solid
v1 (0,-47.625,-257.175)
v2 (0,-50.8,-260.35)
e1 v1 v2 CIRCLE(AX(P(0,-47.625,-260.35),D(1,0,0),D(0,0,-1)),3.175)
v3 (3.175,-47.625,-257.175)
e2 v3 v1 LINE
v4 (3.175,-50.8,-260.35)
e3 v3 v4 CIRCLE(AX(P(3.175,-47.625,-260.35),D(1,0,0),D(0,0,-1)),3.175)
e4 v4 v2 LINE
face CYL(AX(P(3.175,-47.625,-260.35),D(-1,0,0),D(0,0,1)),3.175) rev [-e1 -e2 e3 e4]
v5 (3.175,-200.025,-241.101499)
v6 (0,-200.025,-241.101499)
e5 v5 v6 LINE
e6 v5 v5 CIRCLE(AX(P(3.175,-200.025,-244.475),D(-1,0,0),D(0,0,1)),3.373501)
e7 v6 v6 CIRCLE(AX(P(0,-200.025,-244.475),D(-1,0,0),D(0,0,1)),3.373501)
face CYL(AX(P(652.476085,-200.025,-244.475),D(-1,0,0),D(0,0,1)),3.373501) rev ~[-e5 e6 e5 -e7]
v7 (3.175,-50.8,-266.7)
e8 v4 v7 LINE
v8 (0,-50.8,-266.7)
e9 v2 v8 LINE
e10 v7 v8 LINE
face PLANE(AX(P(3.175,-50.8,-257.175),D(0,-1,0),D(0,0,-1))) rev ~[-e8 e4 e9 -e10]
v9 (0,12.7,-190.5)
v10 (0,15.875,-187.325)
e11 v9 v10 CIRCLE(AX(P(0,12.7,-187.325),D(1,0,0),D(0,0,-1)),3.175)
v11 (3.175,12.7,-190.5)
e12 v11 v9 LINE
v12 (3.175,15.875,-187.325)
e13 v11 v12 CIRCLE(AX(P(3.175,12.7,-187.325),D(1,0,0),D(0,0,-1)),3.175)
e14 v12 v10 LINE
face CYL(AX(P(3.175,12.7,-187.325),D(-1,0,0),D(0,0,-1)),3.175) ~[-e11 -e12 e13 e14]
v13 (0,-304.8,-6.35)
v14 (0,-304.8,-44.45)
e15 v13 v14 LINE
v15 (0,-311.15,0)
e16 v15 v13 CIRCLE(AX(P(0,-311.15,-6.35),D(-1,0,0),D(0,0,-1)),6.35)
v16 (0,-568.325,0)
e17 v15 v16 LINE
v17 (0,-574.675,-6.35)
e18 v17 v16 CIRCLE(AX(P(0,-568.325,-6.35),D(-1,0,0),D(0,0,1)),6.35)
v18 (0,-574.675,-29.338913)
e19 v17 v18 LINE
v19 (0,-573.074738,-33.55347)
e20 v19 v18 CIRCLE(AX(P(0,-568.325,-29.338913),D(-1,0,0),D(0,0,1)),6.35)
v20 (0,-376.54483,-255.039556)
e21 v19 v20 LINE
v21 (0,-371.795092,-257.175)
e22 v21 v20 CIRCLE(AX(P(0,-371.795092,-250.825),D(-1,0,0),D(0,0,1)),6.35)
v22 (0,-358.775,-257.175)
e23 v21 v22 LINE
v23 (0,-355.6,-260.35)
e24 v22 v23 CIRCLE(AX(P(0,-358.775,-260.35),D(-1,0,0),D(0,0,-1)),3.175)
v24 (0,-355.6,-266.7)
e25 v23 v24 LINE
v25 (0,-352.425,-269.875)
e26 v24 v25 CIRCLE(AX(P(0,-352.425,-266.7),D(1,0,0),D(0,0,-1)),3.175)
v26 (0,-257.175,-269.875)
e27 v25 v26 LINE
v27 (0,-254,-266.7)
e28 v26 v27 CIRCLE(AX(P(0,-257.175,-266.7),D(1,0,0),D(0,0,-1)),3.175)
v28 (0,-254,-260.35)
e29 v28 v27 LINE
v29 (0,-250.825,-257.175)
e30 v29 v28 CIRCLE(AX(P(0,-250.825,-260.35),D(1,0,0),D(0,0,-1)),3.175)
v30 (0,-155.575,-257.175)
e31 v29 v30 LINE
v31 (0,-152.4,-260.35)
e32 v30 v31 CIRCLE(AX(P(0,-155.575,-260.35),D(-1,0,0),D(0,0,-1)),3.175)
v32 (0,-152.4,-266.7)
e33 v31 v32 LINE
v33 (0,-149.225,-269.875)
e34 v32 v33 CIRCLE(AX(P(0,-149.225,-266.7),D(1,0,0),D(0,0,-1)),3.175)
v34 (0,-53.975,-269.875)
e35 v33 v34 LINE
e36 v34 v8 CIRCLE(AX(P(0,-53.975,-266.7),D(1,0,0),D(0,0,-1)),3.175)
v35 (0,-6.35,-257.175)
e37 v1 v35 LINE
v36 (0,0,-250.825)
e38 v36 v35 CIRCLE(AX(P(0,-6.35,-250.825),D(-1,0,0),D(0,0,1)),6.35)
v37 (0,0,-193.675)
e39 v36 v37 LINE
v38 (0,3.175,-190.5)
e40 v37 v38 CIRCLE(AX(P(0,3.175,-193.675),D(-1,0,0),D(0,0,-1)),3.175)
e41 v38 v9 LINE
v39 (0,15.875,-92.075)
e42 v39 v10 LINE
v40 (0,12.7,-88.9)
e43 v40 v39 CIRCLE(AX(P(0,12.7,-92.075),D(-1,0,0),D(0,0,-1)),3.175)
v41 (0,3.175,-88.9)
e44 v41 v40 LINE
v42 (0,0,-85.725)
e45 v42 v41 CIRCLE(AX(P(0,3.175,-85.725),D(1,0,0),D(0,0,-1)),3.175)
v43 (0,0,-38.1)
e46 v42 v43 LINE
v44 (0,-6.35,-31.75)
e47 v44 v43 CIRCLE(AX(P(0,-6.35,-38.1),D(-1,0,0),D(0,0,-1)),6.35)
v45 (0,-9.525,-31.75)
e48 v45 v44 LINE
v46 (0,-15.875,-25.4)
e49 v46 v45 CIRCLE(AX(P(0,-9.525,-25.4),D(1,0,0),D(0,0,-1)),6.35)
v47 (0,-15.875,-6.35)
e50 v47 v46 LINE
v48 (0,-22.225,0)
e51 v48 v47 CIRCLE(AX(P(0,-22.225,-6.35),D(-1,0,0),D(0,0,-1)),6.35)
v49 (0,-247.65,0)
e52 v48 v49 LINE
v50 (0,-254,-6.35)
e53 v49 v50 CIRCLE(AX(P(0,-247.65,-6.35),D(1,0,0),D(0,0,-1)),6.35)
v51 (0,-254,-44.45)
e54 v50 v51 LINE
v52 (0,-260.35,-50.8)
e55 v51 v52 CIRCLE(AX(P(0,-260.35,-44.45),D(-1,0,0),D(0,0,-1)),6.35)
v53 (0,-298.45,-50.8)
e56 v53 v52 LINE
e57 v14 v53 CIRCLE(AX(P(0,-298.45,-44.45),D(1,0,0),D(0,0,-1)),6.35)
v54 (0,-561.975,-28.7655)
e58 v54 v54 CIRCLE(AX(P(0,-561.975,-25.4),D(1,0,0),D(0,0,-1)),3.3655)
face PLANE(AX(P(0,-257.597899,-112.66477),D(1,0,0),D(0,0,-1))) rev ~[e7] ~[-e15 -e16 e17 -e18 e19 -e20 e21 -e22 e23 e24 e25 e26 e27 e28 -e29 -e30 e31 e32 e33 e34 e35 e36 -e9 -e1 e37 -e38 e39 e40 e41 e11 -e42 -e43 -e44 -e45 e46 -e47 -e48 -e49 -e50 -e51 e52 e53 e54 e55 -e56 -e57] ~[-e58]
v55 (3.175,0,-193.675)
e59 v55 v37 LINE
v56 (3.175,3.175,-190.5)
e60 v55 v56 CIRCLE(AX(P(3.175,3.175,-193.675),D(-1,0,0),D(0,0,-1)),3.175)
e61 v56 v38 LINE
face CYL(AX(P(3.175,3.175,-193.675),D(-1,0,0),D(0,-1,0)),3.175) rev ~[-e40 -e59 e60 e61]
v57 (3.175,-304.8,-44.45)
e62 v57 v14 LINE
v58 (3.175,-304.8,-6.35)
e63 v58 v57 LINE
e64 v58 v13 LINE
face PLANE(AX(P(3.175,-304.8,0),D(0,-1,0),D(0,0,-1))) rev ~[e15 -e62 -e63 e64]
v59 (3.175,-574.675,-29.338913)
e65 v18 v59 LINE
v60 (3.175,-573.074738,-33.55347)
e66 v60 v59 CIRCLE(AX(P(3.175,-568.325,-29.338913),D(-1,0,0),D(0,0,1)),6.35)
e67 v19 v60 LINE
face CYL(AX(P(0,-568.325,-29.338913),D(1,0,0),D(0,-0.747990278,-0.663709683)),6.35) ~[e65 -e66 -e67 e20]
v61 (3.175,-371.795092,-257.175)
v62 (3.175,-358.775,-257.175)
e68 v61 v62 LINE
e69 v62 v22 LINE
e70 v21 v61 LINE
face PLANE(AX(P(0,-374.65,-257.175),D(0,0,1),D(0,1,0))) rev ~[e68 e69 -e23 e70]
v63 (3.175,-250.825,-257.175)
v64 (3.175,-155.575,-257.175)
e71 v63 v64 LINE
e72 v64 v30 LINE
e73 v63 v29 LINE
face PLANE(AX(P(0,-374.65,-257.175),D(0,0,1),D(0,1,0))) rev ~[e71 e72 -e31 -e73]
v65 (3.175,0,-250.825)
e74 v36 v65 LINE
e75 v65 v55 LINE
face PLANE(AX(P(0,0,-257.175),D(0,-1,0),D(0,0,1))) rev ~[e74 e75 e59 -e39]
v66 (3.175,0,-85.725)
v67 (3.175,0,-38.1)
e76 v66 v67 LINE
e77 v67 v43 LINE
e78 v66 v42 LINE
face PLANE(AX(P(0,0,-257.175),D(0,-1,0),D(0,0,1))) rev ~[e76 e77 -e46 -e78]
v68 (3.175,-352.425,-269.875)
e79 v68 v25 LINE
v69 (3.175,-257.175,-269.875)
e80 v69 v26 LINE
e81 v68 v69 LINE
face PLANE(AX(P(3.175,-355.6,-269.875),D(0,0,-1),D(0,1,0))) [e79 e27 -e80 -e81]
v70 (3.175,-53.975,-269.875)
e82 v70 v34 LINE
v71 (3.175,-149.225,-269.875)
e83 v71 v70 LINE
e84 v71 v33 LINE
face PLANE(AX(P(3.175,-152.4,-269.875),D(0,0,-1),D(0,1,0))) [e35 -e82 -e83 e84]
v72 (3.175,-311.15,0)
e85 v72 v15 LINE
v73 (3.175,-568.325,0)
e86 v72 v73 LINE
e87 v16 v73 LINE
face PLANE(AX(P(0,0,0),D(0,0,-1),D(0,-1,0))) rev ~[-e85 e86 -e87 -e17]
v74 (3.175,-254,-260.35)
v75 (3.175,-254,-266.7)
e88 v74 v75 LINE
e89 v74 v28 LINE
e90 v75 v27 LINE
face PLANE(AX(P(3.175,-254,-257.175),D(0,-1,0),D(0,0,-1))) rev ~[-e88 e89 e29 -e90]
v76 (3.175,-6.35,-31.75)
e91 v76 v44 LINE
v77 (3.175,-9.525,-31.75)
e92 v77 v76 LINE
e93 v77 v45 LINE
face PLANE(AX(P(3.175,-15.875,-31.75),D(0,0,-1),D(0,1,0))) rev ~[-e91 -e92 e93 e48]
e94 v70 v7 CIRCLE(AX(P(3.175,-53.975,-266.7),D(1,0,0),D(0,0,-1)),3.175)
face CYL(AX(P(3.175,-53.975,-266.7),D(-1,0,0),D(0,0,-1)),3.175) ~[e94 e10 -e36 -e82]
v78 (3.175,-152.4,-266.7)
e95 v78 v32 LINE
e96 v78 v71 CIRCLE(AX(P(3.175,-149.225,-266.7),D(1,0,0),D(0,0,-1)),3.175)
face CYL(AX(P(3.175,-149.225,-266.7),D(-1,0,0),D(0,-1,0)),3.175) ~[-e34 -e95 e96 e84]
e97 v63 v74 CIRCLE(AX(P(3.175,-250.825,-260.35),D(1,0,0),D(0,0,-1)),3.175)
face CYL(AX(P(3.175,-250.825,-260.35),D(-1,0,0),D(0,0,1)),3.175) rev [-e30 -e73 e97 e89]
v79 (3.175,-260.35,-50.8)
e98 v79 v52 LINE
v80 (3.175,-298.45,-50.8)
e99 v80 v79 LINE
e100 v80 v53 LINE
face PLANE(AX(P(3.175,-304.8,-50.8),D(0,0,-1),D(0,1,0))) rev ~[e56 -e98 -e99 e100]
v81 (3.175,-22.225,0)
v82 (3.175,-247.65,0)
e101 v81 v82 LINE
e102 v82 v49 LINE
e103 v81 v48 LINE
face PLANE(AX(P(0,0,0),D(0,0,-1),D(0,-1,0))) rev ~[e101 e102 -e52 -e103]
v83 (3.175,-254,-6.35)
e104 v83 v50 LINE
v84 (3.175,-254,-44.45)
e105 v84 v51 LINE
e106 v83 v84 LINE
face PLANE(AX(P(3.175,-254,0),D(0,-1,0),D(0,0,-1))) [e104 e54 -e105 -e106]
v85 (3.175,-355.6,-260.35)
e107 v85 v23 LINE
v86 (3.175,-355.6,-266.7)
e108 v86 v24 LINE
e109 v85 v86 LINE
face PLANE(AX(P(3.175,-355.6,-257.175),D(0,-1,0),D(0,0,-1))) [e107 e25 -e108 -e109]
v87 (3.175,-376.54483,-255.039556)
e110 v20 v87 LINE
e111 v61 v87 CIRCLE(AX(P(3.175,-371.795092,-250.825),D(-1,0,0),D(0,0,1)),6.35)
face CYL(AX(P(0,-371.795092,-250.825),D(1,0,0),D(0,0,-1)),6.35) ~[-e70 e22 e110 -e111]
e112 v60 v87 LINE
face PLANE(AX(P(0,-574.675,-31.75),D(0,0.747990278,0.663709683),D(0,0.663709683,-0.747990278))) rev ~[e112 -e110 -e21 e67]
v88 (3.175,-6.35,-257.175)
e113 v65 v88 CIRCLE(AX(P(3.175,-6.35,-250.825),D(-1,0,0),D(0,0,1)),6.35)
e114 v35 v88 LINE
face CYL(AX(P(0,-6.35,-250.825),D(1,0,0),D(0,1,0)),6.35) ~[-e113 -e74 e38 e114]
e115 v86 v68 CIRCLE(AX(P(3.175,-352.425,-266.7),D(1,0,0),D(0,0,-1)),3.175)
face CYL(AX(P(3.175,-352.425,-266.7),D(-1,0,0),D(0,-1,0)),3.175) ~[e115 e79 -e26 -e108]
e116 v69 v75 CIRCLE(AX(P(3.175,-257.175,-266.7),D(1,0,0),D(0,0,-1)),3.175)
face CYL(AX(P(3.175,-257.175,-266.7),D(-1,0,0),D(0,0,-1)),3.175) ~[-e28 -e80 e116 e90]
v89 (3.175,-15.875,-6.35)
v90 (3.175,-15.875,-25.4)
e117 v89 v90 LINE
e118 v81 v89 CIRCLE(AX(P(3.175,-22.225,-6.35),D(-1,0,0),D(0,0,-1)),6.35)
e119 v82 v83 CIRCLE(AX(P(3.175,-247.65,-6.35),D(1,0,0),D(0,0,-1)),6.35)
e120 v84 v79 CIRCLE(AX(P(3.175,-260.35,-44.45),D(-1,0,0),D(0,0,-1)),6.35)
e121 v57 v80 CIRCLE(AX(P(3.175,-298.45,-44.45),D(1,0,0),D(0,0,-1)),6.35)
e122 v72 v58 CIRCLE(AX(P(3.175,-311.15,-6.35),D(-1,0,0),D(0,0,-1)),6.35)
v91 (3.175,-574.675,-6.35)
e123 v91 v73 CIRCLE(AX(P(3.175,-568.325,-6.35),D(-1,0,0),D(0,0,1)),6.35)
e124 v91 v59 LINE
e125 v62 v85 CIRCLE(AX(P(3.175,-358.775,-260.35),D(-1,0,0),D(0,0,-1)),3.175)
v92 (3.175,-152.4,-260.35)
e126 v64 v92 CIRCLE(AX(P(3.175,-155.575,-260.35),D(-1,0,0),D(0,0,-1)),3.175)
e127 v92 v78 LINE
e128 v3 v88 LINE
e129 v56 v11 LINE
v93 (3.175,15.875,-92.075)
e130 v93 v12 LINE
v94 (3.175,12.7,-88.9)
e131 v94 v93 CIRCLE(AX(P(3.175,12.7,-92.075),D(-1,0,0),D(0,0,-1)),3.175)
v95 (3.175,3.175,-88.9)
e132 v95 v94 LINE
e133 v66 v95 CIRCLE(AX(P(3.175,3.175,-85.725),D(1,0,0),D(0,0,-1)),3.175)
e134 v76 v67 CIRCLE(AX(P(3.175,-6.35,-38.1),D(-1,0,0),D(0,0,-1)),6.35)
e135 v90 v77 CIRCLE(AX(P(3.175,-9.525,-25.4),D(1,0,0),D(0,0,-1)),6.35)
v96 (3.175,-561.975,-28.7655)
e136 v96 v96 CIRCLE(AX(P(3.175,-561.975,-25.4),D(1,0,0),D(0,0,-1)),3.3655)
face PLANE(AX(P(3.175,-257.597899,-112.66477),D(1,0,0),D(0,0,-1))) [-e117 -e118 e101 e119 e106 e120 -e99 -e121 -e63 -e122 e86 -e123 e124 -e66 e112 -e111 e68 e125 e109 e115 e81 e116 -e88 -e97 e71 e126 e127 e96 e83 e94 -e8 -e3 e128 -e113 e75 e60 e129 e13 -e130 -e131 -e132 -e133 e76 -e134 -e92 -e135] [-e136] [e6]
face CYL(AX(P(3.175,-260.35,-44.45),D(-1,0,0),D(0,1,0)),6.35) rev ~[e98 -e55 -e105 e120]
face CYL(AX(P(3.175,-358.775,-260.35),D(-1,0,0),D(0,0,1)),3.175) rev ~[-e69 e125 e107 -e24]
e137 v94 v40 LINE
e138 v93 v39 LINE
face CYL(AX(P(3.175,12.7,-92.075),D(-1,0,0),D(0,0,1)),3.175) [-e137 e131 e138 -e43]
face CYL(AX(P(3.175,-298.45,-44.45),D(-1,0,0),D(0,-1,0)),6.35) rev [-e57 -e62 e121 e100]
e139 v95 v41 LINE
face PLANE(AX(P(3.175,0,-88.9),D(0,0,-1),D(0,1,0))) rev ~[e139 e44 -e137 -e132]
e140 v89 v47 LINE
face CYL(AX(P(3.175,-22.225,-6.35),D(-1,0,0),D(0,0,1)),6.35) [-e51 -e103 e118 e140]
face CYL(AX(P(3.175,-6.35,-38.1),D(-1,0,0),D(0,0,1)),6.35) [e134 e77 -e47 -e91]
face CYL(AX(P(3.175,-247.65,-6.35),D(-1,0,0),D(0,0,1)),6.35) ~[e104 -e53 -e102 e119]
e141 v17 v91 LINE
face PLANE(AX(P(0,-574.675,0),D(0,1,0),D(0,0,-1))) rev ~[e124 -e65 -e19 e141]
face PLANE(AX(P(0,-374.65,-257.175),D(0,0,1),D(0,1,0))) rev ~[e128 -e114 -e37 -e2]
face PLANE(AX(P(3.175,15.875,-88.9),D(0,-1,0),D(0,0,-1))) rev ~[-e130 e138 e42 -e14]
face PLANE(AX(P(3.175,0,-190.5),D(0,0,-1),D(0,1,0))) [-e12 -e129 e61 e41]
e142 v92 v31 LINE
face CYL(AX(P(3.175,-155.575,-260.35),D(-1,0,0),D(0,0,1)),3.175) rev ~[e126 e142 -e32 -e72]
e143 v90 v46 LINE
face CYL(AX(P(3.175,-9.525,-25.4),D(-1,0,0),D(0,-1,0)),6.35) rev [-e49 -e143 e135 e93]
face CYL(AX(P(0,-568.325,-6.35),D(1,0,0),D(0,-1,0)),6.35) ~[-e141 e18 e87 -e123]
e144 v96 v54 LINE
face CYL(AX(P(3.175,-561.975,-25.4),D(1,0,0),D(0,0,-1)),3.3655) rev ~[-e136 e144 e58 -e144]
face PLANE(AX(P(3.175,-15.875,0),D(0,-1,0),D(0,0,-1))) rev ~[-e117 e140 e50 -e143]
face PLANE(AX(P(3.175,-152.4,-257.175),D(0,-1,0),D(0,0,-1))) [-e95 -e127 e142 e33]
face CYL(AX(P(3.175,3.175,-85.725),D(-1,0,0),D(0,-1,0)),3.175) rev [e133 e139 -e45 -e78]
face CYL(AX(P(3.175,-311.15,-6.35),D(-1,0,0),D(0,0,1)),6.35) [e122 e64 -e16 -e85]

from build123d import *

# Parameters (mm, degrees)
BOSS_EXTRUDE1_DEPTH              = 3.175
SKETCH2_R                        = 3.3655
CUT_EXTRUDE1_DEPTH               = 4.175
SKETCH8_W                        = 50.8
SKETCH8_H                        = 50.8
CUT_EXTRUDE9_DEPTH               = 4.175
FILLET2_R                        = 6.35
SKETCH9_W                        = 101.6
SKETCH9_H                        = 15.875
SKETCH9_W_2                      = 12.7
SKETCH9_H_2                      = 101.6
BOSS_EXTRUDE2_DEPTH              = 3.175
FILLET3_R                        = 3.175
SKETCH10_W                       = 31.75
SKETCH10_H                       = 15.875
CUT_EXTRUDE12_DEPTH              = 4.175
FILLET4_R                        = 6.35
F_17_64_0_26563_DIAMETER_HOLE1_D = 6.747002


with BuildPart() as part:
    # Sketch1 → Boss-Extrude1 (new body)
    with BuildSketch(Plane(origin=(0, 0, 0), x_dir=(0, 0, -1), z_dir=(1, 0, 0))):
        Polygon((0, 0), (0, -574.675), (31.75, -574.675), (257.175, -374.65), (257.175, 0), align=None)
    extrude(amount=BOSS_EXTRUDE1_DEPTH)

    # Sketch2 → Cut-Extrude1 (cut, through all)
    with BuildSketch(Plane(origin=(3.175, 0, 0), x_dir=(0, 0, -1), z_dir=(1, 0, 0))):
        with Locations((25.4, -561.975)):
            Circle(SKETCH2_R)
    extrude(amount=-CUT_EXTRUDE1_DEPTH, mode=Mode.SUBTRACT)

    # Sketch8 → Cut-Extrude9 (cut, through all)
    with BuildSketch(Plane(origin=(3.175, 0, 0), x_dir=(0, 0, -1), z_dir=(1, 0, 0))):
        with Locations((25.4, -279.4)):
            Rectangle(SKETCH8_W, SKETCH8_H)
    extrude(amount=-CUT_EXTRUDE9_DEPTH, mode=Mode.SUBTRACT)

    # Fillet2
    fillet2_edges = [part.edges().sort_by_distance(p)[0] for p in [
        (1.5875, -304.8, 0),
        (1.5875, -254, 0),
        (1.5875, -254, -50.8),
        (1.5875, -304.8, -50.8),
    ]]
    fillet(fillet2_edges, radius=FILLET2_R)

    # Sketch9 → Boss-Extrude2 (add)
    with BuildSketch(Plane(origin=(3.175, 0, 0), x_dir=(0, 0, -1), z_dir=(1, 0, 0))):
        with Locations((139.7, 7.9375)):
            Rectangle(SKETCH9_W, SKETCH9_H)
        with Locations((263.525, -101.6)):
            Rectangle(SKETCH9_W_2, SKETCH9_H_2)
        with Locations((263.525, -304.8)):
            Rectangle(SKETCH9_W_2, SKETCH9_H_2)
    extrude(amount=-BOSS_EXTRUDE2_DEPTH)

    # Fillet3
    fillet3_edges = [part.edges().sort_by_distance(p)[0] for p in [
        (1.5875, 0, -88.9),
        (1.5875, 15.875, -88.9),
        (1.5875, 15.875, -190.5),
        (1.5875, 0, -190.5),
        (1.5875, -152.4, -257.175),
        (1.5875, -50.8, -257.175),
        (1.5875, -50.8, -269.875),
        (1.5875, -152.4, -269.875),
        (1.5875, -355.6, -257.175),
        (1.5875, -254, -257.175),
        (1.5875, -254, -269.875),
        (1.5875, -355.6, -269.875),
    ]]
    fillet(fillet3_edges, radius=FILLET3_R)

    # Sketch10 → Cut-Extrude12 (cut, through all)
    with BuildSketch(Plane(origin=(3.175, 0, 0), x_dir=(0, 0, -1), z_dir=(1, 0, 0))):
        with Locations((15.875, -7.9375)):
            Rectangle(SKETCH10_W, SKETCH10_H)
    extrude(amount=-CUT_EXTRUDE12_DEPTH, mode=Mode.SUBTRACT)

    # Fillet4
    fillet4_edges = [part.edges().sort_by_distance(p)[0] for p in [
        (1.5875, -15.875, 0),
        (1.5875, 0, -31.75),
        (1.5875, -15.875, -31.75),
        (1.5875, 0, -257.175),
        (1.5875, -374.65, -257.175),
        (1.5875, -574.675, -31.75),
        (1.5875, -574.675, 0),
    ]]
    fillet(fillet4_edges, radius=FILLET4_R)

    # 17/64 (0.26563) Diameter Hole1 (through all)
    with Locations(Plane(origin=(3.175, 0, 0), x_dir=(0, 0, -1), z_dir=(1, 0, 0))):
        with Locations((244.475, -200.025)):
            Hole(F_17_64_0_26563_DIAMETER_HOLE1_D / 2)


solid = part.part
